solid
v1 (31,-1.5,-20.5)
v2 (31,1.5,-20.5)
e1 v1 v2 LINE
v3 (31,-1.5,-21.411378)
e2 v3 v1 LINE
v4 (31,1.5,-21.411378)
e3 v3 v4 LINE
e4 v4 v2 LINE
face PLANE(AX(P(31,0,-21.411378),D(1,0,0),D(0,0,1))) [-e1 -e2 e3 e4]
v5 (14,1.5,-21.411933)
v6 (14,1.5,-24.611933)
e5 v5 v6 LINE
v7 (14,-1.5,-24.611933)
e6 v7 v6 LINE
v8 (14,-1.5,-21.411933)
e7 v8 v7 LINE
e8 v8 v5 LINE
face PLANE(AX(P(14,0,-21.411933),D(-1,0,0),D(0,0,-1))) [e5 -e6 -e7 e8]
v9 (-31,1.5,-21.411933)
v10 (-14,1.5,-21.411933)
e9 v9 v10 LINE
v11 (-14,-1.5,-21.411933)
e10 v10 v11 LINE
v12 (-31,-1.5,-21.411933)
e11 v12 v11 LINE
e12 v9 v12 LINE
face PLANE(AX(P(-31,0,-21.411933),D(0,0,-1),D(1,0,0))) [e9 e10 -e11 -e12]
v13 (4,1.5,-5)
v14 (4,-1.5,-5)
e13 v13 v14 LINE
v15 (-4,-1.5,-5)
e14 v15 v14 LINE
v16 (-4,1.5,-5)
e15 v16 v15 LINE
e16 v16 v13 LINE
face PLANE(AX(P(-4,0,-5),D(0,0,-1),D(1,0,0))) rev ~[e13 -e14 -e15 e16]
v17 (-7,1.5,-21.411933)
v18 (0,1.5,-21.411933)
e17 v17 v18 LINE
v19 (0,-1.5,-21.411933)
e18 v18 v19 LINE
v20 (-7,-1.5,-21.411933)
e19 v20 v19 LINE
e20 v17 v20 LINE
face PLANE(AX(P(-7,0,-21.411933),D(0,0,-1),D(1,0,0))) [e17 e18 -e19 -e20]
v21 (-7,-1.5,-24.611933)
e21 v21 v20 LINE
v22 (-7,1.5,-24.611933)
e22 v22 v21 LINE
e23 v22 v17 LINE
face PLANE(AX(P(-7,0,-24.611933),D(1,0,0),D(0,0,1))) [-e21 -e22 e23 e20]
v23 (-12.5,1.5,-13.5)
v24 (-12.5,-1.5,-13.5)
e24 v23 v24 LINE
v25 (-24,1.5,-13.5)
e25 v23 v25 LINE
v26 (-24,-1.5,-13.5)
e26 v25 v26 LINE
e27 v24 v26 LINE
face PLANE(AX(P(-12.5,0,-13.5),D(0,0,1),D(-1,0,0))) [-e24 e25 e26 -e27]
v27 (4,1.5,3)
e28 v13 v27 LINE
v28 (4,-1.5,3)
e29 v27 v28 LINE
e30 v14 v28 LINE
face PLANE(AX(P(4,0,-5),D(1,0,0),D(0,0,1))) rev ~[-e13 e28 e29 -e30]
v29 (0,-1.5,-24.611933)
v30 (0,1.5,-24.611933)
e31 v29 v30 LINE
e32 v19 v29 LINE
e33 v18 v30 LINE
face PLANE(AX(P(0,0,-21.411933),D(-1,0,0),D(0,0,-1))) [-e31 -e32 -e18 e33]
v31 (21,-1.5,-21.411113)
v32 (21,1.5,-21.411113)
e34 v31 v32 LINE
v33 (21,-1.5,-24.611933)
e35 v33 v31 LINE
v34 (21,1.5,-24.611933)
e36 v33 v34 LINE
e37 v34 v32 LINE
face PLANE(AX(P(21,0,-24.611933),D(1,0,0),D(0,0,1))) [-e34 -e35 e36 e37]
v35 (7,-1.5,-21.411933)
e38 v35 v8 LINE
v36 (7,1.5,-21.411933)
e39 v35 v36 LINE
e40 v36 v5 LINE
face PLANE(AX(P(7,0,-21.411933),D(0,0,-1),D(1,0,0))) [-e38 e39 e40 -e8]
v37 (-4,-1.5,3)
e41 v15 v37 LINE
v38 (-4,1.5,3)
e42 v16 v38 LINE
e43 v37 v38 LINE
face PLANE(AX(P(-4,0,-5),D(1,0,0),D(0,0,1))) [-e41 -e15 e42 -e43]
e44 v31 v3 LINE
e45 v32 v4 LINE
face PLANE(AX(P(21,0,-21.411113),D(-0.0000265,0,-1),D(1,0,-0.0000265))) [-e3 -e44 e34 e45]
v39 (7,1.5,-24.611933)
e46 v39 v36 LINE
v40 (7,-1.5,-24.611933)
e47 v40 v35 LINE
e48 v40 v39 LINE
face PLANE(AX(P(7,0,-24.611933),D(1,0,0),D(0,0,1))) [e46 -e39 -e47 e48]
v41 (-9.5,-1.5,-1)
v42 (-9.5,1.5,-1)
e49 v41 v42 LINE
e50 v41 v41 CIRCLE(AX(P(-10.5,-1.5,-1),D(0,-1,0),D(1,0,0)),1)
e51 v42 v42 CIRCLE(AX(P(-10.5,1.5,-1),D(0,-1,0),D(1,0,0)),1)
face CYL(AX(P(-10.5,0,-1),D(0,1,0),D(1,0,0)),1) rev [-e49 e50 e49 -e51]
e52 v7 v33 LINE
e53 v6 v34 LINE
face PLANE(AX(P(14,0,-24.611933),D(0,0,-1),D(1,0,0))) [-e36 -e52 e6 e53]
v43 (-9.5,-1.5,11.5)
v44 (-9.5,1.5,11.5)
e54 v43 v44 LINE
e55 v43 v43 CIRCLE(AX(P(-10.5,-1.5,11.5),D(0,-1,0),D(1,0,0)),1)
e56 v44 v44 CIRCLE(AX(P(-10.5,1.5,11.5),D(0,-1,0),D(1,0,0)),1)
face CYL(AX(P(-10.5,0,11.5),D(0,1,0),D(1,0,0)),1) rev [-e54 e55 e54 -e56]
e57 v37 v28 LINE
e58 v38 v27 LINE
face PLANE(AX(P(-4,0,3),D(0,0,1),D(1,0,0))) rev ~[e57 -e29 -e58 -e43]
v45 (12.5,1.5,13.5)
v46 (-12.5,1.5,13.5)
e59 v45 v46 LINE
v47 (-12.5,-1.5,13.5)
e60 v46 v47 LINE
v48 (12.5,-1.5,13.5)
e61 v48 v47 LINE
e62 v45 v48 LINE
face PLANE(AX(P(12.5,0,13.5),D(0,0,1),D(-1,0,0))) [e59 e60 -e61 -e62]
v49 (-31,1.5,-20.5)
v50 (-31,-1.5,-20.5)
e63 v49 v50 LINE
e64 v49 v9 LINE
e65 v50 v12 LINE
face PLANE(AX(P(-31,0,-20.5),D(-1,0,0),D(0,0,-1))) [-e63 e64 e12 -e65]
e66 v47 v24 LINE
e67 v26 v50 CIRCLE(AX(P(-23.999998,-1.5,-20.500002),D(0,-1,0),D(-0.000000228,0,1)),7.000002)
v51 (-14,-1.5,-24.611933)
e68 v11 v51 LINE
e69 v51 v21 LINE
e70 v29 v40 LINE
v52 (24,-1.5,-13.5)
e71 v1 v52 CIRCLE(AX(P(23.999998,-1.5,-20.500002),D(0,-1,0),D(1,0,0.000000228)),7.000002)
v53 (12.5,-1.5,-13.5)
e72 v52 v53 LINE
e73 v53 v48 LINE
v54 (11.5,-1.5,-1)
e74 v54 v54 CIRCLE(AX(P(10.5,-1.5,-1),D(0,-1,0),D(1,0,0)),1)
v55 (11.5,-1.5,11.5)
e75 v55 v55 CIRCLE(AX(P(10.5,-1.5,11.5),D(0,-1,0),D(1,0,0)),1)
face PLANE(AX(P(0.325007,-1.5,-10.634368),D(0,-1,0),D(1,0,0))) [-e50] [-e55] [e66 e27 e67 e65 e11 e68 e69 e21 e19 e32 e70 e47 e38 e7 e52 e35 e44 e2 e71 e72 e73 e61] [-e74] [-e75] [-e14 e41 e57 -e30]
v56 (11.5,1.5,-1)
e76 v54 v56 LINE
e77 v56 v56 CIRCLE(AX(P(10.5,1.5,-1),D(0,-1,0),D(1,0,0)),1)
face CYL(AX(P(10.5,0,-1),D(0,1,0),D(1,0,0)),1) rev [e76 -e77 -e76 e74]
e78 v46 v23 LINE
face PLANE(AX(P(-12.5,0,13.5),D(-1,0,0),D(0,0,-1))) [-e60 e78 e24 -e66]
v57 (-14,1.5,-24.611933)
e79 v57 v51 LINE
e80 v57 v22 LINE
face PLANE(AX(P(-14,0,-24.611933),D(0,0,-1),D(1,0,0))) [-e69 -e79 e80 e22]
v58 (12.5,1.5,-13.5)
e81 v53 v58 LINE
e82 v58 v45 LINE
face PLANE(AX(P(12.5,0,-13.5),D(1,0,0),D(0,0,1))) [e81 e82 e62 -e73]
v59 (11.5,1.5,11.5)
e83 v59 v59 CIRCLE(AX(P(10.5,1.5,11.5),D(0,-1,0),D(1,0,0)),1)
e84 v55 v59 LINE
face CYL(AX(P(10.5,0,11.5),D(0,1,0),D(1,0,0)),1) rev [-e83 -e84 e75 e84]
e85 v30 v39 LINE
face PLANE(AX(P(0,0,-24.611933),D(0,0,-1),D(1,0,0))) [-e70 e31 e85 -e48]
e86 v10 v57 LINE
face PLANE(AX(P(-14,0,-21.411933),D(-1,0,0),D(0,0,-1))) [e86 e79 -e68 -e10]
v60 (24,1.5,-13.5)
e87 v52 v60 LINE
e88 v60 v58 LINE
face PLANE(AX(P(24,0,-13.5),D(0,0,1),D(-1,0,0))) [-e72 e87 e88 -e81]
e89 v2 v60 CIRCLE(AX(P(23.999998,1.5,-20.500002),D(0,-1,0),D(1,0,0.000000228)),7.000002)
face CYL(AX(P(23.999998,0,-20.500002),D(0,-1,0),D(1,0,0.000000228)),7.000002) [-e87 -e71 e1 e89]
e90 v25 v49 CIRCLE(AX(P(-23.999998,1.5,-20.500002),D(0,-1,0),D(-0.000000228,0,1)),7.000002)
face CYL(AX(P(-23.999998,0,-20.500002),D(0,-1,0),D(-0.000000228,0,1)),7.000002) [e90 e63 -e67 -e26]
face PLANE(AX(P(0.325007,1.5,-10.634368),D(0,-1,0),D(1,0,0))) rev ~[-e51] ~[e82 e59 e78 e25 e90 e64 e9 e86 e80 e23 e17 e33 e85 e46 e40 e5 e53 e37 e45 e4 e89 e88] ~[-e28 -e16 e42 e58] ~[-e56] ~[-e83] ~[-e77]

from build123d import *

# Parameters (mm, degrees)
F0_R     = 1
F0_W     = 8
F0_H     = 8
F1_DEPTH = 1.5


with BuildPart() as f1:
    # F0 (on Front) → F1 (new body, symmetric)
    with BuildSketch(Plane.XZ):
        with BuildLine():
            Line((12.5, -13.5), (12.5, 13.5))
            Line((12.5, 13.5), (-12.5, 13.5))
            Line((-12.5, 13.5), (-12.5, -13.5))
            Line((-12.5, -13.5), (-24, -13.5))
            ThreePointArc((-24, -13.5), (-28.949747, -15.550253), (-31, -20.5))
            Line((-31, -20.5), (-31, -21.411933))
            Line((-31, -21.411933), (-14, -21.411933))
            Line((-14, -21.411933), (-14, -24.611933))
            Line((-14, -24.611933), (-7, -24.611933))
            Line((-7, -24.611933), (-7, -21.411933))
            Line((-7, -21.411933), (0, -21.411933))
            Line((0, -21.411933), (0, -24.611933))
            Line((0, -24.611933), (7, -24.611933))
            Line((7, -24.611933), (7, -21.411933))
            Line((7, -21.411933), (14, -21.411933))
            Line((14, -21.411933), (14, -24.611933))
            Line((14, -24.611933), (21, -24.611933))
            Line((21, -24.611933), (21, -21.411113))
            Line((21, -21.411113), (31, -21.411378))
            Line((31, -21.411378), (31, -20.5))
            ThreePointArc((31, -20.5), (28.949747, -15.550253), (24, -13.5))
            Line((24, -13.5), (12.5, -13.5))
        make_face()
        with Locations((-10.5, -1)):
            Circle(F0_R, mode=Mode.SUBTRACT)
        with Locations((-10.5, 11.5)):
            Circle(F0_R, mode=Mode.SUBTRACT)
        with Locations((0, -1)):
            Rectangle(F0_W, F0_H, mode=Mode.SUBTRACT)
        with Locations((10.5, -1)):
            Circle(F0_R, mode=Mode.SUBTRACT)
        with Locations((10.5, 11.5)):
            Circle(F0_R, mode=Mode.SUBTRACT)
    extrude(amount=F1_DEPTH, both=True)


solid = f1.part
